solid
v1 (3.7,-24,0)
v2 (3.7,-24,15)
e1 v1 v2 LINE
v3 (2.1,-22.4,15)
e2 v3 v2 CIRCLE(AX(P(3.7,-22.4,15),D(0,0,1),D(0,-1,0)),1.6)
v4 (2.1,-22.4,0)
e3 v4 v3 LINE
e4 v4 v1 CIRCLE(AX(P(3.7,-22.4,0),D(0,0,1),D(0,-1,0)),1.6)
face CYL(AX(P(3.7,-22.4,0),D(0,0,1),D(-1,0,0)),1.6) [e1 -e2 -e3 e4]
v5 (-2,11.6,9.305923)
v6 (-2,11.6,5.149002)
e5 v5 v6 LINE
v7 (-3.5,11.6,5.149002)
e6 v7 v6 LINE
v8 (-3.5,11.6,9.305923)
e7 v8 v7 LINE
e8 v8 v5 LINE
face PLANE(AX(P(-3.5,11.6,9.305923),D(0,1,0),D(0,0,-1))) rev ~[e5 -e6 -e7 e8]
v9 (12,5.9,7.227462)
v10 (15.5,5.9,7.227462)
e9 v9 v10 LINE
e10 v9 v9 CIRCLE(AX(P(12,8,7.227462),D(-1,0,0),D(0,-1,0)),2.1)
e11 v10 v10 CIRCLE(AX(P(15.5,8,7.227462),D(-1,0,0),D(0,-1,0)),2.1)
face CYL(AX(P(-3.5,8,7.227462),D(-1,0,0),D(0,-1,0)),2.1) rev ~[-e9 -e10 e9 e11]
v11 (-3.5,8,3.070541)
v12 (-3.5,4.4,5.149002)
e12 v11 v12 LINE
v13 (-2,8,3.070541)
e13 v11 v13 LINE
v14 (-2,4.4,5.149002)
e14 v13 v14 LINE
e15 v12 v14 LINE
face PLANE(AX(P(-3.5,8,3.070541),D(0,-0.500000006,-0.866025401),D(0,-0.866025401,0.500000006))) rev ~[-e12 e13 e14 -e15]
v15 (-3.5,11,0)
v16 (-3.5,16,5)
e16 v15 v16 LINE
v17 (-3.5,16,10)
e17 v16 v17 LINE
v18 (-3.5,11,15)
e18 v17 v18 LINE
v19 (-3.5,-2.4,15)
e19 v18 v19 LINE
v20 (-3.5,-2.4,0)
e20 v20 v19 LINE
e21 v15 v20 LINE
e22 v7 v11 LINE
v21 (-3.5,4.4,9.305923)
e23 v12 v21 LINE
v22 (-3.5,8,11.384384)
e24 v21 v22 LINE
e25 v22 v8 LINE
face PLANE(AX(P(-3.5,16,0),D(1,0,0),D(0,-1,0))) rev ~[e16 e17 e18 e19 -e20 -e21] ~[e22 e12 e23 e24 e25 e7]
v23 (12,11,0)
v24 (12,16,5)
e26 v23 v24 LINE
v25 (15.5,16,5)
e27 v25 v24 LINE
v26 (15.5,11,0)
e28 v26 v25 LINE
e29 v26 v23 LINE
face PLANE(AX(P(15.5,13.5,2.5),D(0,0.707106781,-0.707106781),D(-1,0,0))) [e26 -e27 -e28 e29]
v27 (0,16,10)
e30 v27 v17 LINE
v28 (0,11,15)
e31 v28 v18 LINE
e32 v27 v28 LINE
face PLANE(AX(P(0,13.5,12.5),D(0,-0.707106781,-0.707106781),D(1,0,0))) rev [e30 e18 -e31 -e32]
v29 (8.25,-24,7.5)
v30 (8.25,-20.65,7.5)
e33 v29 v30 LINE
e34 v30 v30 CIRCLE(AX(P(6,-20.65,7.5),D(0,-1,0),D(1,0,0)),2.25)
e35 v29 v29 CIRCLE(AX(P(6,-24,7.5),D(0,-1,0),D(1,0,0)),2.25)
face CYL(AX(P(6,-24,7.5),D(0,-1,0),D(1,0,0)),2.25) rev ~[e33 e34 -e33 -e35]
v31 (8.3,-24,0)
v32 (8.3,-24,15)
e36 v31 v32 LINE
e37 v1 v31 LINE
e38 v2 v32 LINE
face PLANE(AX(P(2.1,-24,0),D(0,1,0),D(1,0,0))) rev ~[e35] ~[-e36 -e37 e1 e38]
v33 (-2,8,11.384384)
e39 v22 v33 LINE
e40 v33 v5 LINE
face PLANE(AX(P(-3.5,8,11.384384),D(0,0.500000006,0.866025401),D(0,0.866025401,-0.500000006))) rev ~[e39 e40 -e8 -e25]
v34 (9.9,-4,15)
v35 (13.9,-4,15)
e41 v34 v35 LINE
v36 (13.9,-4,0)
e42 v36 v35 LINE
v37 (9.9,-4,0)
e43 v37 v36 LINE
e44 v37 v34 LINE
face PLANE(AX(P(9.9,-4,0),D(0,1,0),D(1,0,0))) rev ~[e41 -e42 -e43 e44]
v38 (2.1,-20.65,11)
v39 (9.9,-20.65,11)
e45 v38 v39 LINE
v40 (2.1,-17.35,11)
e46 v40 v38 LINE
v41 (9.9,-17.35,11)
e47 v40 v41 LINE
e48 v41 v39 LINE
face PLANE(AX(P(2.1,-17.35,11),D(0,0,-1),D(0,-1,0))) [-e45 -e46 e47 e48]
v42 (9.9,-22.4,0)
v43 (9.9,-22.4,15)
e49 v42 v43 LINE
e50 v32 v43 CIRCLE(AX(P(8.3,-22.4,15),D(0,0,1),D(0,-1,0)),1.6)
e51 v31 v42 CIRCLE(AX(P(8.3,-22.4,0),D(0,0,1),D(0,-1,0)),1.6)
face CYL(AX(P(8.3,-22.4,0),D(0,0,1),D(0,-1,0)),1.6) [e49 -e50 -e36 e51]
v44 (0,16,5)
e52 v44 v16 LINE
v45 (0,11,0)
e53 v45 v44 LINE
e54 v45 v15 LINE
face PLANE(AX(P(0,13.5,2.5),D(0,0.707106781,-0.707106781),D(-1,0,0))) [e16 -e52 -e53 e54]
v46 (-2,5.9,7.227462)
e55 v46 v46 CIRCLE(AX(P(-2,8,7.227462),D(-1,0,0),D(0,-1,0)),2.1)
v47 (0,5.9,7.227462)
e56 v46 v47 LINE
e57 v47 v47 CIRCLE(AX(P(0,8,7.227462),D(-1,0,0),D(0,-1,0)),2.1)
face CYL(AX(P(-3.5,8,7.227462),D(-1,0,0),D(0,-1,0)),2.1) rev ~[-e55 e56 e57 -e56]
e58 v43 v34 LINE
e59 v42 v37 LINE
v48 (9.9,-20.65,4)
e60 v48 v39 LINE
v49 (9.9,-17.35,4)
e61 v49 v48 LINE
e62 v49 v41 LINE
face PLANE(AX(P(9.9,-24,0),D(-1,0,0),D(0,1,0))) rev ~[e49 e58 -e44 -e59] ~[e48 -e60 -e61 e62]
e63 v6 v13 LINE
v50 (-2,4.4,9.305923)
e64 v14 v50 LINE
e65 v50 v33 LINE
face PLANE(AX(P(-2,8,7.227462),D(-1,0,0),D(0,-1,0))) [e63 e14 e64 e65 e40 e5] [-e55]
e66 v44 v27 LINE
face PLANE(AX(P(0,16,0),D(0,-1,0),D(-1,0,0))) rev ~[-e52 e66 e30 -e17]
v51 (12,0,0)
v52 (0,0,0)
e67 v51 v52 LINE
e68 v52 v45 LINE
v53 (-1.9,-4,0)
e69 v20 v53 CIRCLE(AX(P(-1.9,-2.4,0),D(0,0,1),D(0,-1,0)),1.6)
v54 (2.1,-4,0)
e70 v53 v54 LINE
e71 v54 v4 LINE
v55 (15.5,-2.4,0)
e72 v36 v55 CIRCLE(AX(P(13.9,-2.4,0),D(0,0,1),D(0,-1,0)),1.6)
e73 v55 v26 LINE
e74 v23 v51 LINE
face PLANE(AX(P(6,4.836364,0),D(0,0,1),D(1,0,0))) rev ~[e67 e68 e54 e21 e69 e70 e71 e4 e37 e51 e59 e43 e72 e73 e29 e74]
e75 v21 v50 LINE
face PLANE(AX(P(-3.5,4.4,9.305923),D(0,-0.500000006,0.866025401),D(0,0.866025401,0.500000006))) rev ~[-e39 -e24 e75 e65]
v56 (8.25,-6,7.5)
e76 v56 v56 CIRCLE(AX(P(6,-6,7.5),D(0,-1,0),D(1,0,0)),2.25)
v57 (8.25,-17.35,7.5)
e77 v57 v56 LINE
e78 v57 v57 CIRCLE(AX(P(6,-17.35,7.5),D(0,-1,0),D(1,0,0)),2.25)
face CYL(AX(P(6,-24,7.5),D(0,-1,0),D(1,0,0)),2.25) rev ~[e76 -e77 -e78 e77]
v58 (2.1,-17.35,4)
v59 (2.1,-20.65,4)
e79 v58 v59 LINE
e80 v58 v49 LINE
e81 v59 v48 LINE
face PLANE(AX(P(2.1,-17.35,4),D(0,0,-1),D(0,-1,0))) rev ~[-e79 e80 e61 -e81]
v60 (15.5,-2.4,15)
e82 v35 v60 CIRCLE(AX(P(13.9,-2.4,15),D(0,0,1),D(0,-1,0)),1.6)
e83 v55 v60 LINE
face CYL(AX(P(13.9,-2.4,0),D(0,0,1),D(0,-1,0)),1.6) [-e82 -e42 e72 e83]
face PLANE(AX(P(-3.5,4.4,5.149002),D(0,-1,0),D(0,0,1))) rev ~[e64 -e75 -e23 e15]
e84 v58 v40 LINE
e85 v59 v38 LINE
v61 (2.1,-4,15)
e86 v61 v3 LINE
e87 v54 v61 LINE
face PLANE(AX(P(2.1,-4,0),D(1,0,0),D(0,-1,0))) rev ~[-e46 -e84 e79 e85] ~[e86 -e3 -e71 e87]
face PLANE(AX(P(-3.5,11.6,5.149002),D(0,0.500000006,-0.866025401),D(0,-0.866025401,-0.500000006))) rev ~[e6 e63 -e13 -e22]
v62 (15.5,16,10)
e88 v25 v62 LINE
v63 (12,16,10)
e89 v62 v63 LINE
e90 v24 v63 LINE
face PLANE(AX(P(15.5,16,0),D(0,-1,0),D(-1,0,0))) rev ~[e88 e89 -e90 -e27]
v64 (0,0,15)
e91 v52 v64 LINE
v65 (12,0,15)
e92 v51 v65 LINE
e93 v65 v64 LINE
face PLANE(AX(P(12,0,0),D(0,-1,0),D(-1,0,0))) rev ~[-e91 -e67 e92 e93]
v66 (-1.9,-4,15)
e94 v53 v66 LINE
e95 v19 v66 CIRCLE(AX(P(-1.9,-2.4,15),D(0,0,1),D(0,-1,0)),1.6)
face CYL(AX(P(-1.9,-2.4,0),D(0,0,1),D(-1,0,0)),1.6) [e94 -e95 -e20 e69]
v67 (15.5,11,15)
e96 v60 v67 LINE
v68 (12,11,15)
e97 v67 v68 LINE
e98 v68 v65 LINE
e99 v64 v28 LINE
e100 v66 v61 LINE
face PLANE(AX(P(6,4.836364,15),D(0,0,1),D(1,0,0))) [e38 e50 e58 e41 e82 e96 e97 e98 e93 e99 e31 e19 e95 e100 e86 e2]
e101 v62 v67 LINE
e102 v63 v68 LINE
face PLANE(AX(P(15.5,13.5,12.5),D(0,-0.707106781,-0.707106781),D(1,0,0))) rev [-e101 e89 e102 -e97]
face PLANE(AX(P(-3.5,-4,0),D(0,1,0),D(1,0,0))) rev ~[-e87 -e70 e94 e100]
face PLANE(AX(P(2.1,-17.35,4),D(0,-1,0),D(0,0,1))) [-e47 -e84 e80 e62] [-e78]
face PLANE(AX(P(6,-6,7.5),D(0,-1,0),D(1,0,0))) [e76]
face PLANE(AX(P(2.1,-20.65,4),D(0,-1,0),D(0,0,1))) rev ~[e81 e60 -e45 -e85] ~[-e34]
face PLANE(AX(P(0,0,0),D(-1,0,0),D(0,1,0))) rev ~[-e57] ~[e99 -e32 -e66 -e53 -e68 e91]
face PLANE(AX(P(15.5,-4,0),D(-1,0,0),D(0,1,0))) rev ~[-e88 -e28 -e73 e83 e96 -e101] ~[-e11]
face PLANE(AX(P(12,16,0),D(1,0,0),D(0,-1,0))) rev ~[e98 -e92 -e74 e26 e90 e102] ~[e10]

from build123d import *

# Parameters (mm, degrees)
F1_DEPTH  = 15
F2_R      = 2.25
F3_DEPTH  = 18
F4_R      = 2.1
F5_DEPTH  = 25
F6_W      = 3.3
F6_H      = 7
F7_DEPTH  = 25
F8_R      = 1.6
F9_SIZE   = 5
F10_DEPTH = 1.5


with BuildPart() as f1:
    # F0 (on Top) → F1 (new body)
    with BuildSketch(Plane.XY):
        Polygon((12, 0), (0, 0), (0, 16), (-3.5, 16), (-3.5, -4), (2.1, -4), (6, -4), (9.9, -4), (15.5, -4), (15.5, 16), (12, 16), align=None)
        Polygon((6, -4), (2.1, -4), (2.1, -24), (9.9, -24), (9.9, -4), align=None)
    extrude(amount=F1_DEPTH)

    # F2 (on face) → F3 (cut)
    with BuildSketch(Plane.XZ.offset(24)):
        with Locations((6, 7.5)):
            Circle(F2_R)
    extrude(amount=-F3_DEPTH, mode=Mode.SUBTRACT)

    # F4 (on face) → F5 (cut)
    with BuildSketch(Plane(origin=(-3.5, 0, 0), x_dir=(0, -1, 0), z_dir=(-1, 0, 0))):
        with Locations((-8, 7.227462)):
            Circle(F4_R)
    extrude(amount=-F5_DEPTH, mode=Mode.SUBTRACT)

    # F6 (on face) → F7 (cut)
    with BuildSketch(Plane(origin=(2.1, 0, 0), x_dir=(0, -1, 0), z_dir=(-1, 0, 0))):
        with Locations((19, 7.5)):
            Rectangle(F6_W, F6_H)
    extrude(amount=-F7_DEPTH, mode=Mode.SUBTRACT)

    # F8
    f8_edges = [f1.edges().sort_by_distance(p)[0] for p in [
        (2.1, -24, 7.5),
        (9.9, -24, 7.5),
        (-3.5, -4, 7.5),
        (15.5, -4, 7.5),
    ]]
    fillet(f8_edges, radius=F8_R)

    # F9
    f9_edges = [f1.edges().sort_by_distance(p)[0] for p in [
        (-1.75, 16, 0),
        (13.75, 16, 0),
        (13.75, 16, 15),
        (-1.75, 16, 15),
    ]]
    chamfer(f9_edges, length=F9_SIZE)

    # F4 (on face) → F10 (cut)
    with BuildSketch(Plane(origin=(-3.5, 0, 0), x_dir=(0, -1, 0), z_dir=(-1, 0, 0))):
        Polygon((-4.4, 5.149002), (-4.4, 9.305923), (-8, 11.384384), (-11.6, 9.305923), (-11.6, 5.149002), (-8, 3.070541), align=None)
        with Locations((-8, 7.227462)):
            Circle(F4_R, mode=Mode.SUBTRACT)
    extrude(amount=-F10_DEPTH, mode=Mode.SUBTRACT)


solid = f1.part
